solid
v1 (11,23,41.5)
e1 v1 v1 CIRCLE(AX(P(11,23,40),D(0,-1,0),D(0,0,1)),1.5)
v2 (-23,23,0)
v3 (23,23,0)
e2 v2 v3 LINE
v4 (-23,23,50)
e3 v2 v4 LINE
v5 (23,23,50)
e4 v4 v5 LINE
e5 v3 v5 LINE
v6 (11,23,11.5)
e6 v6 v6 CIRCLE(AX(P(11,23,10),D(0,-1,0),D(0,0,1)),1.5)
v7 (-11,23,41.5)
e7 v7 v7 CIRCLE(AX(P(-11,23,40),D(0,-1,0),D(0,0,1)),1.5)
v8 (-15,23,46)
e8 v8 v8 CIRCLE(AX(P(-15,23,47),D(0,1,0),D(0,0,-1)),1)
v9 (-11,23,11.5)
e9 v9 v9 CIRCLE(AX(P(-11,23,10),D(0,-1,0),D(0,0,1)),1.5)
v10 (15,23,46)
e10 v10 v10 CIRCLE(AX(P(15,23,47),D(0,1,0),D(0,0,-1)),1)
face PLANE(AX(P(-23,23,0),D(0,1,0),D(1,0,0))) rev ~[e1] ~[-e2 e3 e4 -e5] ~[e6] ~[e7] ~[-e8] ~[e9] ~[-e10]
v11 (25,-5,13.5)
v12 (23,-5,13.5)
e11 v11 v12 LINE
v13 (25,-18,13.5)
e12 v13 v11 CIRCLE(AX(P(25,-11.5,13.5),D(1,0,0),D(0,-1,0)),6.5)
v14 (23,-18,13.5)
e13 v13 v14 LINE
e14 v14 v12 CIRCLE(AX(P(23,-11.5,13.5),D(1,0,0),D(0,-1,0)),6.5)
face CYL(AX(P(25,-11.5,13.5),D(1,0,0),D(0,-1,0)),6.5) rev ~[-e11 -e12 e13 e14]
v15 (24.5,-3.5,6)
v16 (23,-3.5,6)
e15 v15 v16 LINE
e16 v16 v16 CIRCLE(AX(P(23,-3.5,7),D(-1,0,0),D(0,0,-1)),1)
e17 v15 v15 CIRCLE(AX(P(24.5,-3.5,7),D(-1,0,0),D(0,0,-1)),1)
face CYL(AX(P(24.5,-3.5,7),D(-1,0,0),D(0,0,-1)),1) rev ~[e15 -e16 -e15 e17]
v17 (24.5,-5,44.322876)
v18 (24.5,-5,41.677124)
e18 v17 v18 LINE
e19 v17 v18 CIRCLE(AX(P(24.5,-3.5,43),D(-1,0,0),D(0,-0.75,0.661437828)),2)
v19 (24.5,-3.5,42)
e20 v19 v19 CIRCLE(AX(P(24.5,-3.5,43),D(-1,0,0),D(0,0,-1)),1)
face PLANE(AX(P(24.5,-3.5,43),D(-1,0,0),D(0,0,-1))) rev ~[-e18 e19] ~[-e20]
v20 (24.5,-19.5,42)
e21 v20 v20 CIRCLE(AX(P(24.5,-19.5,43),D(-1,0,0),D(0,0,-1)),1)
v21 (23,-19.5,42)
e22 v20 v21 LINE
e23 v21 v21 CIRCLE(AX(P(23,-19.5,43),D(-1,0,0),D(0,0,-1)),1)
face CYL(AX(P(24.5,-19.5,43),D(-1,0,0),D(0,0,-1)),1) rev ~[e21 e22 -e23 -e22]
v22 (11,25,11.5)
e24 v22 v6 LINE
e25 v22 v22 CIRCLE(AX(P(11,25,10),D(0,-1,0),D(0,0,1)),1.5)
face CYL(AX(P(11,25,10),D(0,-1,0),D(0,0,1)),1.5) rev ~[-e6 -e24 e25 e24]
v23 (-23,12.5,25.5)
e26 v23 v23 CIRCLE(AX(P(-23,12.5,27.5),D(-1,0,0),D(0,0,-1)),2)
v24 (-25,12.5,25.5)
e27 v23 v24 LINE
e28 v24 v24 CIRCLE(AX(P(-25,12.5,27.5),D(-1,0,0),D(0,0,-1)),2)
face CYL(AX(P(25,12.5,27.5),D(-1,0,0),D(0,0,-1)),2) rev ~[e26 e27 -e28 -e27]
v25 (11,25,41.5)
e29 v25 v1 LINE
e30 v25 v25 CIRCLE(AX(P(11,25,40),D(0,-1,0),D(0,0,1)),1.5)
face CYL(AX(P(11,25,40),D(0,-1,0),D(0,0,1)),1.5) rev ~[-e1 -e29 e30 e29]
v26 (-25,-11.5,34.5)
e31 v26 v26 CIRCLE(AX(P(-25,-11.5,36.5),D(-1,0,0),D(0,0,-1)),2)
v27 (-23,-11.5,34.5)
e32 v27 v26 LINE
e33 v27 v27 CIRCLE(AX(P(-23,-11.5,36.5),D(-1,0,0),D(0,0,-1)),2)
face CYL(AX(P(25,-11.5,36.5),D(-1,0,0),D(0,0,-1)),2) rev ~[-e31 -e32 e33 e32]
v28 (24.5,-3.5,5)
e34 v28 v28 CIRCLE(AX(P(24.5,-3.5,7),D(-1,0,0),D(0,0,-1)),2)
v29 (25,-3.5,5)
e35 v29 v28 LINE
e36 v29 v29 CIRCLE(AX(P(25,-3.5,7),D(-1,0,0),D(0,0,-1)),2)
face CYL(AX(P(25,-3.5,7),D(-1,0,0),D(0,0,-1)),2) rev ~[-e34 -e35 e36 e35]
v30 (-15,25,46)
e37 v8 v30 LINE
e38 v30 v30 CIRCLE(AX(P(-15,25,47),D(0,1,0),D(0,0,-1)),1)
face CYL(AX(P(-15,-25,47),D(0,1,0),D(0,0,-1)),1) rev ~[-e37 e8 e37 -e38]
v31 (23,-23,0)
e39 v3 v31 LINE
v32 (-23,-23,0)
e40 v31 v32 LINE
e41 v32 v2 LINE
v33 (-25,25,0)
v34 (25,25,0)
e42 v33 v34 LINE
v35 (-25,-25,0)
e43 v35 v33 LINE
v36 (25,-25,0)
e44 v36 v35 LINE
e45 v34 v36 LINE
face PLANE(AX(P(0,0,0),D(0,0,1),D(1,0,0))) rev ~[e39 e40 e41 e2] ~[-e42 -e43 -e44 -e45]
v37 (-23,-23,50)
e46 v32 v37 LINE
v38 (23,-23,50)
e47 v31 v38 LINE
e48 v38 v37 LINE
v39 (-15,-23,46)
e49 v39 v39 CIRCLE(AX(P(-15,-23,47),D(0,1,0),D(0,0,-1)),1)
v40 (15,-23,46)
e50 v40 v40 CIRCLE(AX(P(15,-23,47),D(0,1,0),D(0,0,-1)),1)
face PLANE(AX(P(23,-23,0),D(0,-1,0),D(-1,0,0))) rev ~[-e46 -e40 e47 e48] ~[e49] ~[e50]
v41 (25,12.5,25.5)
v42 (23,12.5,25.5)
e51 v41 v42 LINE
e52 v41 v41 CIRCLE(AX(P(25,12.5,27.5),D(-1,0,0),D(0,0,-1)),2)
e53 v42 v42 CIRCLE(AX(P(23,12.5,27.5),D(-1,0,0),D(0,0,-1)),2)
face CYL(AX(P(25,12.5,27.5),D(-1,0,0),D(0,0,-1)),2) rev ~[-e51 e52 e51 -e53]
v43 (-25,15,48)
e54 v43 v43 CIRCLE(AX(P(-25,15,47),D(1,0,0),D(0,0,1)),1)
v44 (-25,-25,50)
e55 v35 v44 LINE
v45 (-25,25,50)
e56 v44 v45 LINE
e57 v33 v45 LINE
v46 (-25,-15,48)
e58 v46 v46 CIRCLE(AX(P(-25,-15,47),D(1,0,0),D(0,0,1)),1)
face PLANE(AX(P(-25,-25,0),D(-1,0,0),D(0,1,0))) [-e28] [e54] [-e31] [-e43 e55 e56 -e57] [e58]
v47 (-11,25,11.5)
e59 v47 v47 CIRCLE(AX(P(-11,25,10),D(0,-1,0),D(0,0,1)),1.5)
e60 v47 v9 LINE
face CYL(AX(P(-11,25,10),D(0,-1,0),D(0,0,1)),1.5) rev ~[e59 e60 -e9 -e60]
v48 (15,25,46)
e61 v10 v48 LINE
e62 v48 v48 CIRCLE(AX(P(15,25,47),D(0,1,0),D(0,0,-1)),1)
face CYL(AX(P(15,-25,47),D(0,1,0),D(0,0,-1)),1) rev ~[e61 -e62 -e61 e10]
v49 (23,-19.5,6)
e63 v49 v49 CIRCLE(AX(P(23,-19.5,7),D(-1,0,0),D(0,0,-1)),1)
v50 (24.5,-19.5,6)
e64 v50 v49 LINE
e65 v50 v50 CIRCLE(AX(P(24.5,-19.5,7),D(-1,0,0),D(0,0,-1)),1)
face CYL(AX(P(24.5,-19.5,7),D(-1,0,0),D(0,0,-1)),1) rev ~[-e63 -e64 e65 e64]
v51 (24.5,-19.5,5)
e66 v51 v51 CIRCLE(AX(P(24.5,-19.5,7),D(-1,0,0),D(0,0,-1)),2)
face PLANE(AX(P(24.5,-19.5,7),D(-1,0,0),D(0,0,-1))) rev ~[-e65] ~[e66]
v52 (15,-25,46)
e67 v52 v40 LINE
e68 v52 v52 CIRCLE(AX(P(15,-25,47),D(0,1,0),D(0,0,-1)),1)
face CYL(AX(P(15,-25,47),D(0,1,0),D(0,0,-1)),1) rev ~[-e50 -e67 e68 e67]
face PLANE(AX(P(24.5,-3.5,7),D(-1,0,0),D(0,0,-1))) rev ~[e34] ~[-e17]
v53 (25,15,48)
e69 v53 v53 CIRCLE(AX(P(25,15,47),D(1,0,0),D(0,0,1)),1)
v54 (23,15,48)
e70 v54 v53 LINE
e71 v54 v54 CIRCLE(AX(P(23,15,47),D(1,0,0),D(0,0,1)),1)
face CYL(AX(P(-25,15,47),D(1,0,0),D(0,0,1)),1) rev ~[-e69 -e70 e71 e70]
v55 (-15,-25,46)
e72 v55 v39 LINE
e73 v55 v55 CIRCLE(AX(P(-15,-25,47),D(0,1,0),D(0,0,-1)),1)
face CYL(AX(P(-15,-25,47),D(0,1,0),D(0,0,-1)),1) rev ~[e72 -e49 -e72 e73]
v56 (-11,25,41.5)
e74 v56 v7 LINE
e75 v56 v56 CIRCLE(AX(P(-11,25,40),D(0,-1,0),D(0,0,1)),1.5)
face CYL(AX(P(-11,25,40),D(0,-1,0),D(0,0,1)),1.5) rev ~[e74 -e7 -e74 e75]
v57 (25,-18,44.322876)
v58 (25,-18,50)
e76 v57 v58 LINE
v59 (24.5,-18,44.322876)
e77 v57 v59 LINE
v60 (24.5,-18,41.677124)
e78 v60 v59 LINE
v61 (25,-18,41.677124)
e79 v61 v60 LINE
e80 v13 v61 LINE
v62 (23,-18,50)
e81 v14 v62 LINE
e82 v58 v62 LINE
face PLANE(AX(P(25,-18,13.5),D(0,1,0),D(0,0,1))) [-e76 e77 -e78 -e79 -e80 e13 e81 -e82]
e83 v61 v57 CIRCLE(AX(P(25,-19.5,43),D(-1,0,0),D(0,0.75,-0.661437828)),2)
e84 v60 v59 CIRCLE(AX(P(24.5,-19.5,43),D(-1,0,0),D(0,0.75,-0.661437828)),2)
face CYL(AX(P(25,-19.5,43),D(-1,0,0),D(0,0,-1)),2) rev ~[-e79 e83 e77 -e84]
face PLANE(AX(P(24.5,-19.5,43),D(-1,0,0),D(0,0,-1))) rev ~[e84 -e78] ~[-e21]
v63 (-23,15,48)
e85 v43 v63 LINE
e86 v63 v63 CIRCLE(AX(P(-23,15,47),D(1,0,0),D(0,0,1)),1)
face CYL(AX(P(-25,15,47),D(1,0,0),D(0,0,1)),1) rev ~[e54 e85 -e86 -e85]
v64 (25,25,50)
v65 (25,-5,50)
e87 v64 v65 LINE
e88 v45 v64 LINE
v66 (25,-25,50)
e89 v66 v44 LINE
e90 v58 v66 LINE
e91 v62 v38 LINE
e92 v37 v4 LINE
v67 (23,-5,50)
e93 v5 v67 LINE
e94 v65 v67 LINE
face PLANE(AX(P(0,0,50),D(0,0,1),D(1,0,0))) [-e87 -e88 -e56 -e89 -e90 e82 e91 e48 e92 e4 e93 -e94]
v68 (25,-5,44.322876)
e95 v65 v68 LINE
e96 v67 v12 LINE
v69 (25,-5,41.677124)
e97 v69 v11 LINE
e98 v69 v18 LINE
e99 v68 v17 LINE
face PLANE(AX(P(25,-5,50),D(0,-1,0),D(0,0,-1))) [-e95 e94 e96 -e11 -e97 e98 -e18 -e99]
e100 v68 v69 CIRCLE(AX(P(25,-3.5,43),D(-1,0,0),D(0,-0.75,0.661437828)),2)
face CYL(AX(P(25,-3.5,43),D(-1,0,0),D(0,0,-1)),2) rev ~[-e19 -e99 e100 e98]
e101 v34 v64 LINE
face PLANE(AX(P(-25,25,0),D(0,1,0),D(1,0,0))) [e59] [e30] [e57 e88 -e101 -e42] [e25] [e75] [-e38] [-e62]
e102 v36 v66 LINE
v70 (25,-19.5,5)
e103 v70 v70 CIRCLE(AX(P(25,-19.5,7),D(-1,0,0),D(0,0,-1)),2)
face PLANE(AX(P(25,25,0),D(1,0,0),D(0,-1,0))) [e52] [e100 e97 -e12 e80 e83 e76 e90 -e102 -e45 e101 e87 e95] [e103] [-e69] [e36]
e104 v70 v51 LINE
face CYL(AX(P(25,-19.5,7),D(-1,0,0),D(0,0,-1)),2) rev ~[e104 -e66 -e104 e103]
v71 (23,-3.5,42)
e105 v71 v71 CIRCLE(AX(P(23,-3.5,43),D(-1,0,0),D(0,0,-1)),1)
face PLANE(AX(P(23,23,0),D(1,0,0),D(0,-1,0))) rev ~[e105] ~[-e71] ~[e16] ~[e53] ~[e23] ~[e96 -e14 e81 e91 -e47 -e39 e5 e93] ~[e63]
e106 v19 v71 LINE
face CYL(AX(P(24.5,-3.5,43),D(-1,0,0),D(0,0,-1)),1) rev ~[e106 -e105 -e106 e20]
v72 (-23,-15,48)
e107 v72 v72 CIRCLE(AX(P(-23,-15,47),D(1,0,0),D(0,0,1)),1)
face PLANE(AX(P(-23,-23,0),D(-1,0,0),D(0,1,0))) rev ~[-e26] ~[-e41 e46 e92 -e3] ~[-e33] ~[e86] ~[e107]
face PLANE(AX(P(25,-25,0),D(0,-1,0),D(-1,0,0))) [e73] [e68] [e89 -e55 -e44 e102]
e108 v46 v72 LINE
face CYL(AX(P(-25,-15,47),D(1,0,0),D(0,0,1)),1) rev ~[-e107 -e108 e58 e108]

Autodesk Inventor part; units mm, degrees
ref_plane "YZ Plane" through (0, 0, 0) normal (1, 0, 0) x (0, 1, 0)
ref_plane "XZ Plane" through (0, 0, 0) normal (0, 1, 0) x (-1, 0, 0)
ref_plane "XY Plane" through (0, 0, 0) normal (0, 0, 1) x (1, 0, 0)
sketch "スケッチ1" plane through (0, 0, 0) normal (0, 0, 1) x (1, 0, 0)
  line L0 (-25, 25) -> (25, 25)
  line L1 (25, 25) -> (25, -25)
  line L2 (25, -25) -> (-25, -25)
  line L3 (-25, -25) -> (-25, 25)
  line L4 (-23, 23) -> (23, 23)
  line L5 (23, 23) -> (23, -23)
  line L6 (23, -23) -> (-23, -23)
  line L7 (-23, -23) -> (-23, 23)
  point P0 (0, 0)
  dimension "d0" = 50
  dimension "d1" = 50
  dimension "d4" = 25
  dimension "d5" = 25
  dimension "d6" = 46
  dimension "d7" = 2
  dimension "d8" = 46
  dimension "d9" = 2
extrude "押し出し1" add sketch "スケッチ1" along normal blind 50
sketch "スケッチ2" plane through (25, -25, 0) normal (1, 0, 0) x (0, 0, -1)
  line L0 (-50, 50) -> (-50, 0) projected
  line L1 (0, 0) -> (-50, 0) projected
  line L2 (-50, 20) -> (-13.5, 20)
  line L3 (-13.5, 7) -> (-50, 7)
  line L4 (-50, 7) -> (-50, 20)
  arc A0 (-13.5, 7) -> (-13.5, 20) centre (-13.5, 13.5) ccw
  point P0 (0, 25)
  point P1 (-7, 13.5)
  dimension "d34" = 13
  dimension "d35" = 7
  dimension "d43" = 13
  dimension "d44" = 6.5
  dimension "d46" = 36.5
extrude "押し出し2" cut sketch "スケッチ2" against normal blind 30.5
sketch "スケッチ3" plane through (25, -25, 0) normal (1, 0, 0) x (0, 0, -1)
  arc A0 (-13.5, 7) -> (-13.5, 20) centre (-13.5, 13.5) ccw projected
  line L0 (-13.5, 7) -> (-50, 7) projected
  circle A1 centre (-7, 21.5) radius 1
  circle A2 centre (-43, 21.5) radius 1
  circle A3 centre (-43, 5.5) radius 1
  circle A4 centre (-7, 5.5) radius 1
  point P0 (0, 25)
  dimension "d47" = 8
  dimension "d48" = 8
  dimension "d49" = 16
  dimension "d50" = 1.5
  dimension "d51" = 36
  dimension "d52" = 36
  dimension "d53" = 6.5
  dimension "d55" = 2
  dimension "d56" = 6.5
hole "穴1" at (25, -19.5, 43) at (25, -3.5, 7) at (25, -19.5, 7) at (25, -3.5, 43) direction (-1, 0, 0) diameter 2 depth 2 tip angle 118 counterbore diameter 4 counterbore depth 0.5
sketch "スケッチ11" plane through (25, -25, 0) normal (1, 0, 0) x (0, 0, -1)
  line L0 (0, 0) -> (-50, 0) projected
  circle A0 centre (-27.5, 37.5) radius 1.5
  line L1 (-50, 50) -> (-50, 20) projected
  circle A1 centre (-36.5, 13.5) radius 1.5
  line L2 (0, 50) -> (0, 0) projected
  point P0 (0, 25)
  dimension "d108" = 13.5
  dimension "d109" = 3
  dimension "d110" = 13.5
  dimension "d128" = 24
  dimension "d137" = 27.5
hole "穴6" at (25, -11.5, 36.5) at (25, 12.5, 27.5) direction (-1, 0, 0) diameter 4 end through all
sketch "スケッチ17" plane through (-25, 25, 50) normal (0, 1, 0) x (1, 0, 0)
  line L0 (0, 50) -> (50, 50) projected
  line L1 (0, 0) -> (50, 0) projected
  circle A0 centre (14, 40) radius 1.5
  circle A1 centre (36, 40) radius 1.5
  circle A2 centre (14, 10) radius 1.5
  circle A3 centre (36, 10) radius 1.5
  point P0 (49.5, 0)
  point P1 (49.5, 50)
  point P2 (25, 50)
  dimension "d196" = 3
  dimension "d199" = 10
  dimension "d200" = 10
  dimension "d201" = 10
  dimension "d202" = 10
  dimension "d239" = 22
  dimension "d240" = 22
  dimension "d241" = 11
  dimension "d242" = 11
hole "穴12" at (11, 25, 40) at (-11, 25, 40) at (11, 25, 10) at (-11, 25, 10) direction (0, -1, 0) diameter 3 depth 2 tip angle 118
thread "ねじ1" size "M3x0.5" class "6H" standard "ANSI Metric M Profile" full length
thread "ねじ2" size "M3x0.5" class "6H" standard "ANSI Metric M Profile" full length
thread "ねじ3" size "M3x0.5" class "6H" standard "ANSI Metric M Profile" full length
thread "ねじ4" size "M3x0.5" class "6H" standard "ANSI Metric M Profile" full length
sketch "スケッチ18" plane through (-25, -25, 0) normal (0, -1, 0) x (1, 0, 0)
  line L0 (50, 50) -> (0, 50) projected
  line L1 (0, 0) -> (0, 50) projected
  circle A0 centre (10, 47) radius 1.1
  circle A1 centre (40, 47) radius 1.1
  point P0 (25, 0)
  dimension "d243" = 2.2
  dimension "d246" = 10
  dimension "d247" = 30
  dimension "d248" = 3
  dimension "d249" = 3
hole "穴13" at (15, -25, 47) at (-15, -25, 47) direction (0, 1, 0) diameter 2 end through all
sketch "スケッチ19" plane through (-25, -25, 0) normal (-1, 0, 0) x (0, 0, 1)
  line L0 (50, 0) -> (50, 50) projected
  line L1 (0, 50) -> (50, 50) projected
  circle A0 centre (47, 40) radius 1.1
  circle A1 centre (47, 10) radius 1.1
  point P0 (0, 25)
  dimension "d257" = 10
  dimension "d258" = 30
  dimension "d259" = 3
  dimension "d260" = 3
  dimension "d261" = 2.2
hole "穴14" at (-25, 15, 47) at (-25, -15, 47) direction (1, 0, 0) diameter 2 end through all
properties part number "05" material "アルミニウム 6061"
